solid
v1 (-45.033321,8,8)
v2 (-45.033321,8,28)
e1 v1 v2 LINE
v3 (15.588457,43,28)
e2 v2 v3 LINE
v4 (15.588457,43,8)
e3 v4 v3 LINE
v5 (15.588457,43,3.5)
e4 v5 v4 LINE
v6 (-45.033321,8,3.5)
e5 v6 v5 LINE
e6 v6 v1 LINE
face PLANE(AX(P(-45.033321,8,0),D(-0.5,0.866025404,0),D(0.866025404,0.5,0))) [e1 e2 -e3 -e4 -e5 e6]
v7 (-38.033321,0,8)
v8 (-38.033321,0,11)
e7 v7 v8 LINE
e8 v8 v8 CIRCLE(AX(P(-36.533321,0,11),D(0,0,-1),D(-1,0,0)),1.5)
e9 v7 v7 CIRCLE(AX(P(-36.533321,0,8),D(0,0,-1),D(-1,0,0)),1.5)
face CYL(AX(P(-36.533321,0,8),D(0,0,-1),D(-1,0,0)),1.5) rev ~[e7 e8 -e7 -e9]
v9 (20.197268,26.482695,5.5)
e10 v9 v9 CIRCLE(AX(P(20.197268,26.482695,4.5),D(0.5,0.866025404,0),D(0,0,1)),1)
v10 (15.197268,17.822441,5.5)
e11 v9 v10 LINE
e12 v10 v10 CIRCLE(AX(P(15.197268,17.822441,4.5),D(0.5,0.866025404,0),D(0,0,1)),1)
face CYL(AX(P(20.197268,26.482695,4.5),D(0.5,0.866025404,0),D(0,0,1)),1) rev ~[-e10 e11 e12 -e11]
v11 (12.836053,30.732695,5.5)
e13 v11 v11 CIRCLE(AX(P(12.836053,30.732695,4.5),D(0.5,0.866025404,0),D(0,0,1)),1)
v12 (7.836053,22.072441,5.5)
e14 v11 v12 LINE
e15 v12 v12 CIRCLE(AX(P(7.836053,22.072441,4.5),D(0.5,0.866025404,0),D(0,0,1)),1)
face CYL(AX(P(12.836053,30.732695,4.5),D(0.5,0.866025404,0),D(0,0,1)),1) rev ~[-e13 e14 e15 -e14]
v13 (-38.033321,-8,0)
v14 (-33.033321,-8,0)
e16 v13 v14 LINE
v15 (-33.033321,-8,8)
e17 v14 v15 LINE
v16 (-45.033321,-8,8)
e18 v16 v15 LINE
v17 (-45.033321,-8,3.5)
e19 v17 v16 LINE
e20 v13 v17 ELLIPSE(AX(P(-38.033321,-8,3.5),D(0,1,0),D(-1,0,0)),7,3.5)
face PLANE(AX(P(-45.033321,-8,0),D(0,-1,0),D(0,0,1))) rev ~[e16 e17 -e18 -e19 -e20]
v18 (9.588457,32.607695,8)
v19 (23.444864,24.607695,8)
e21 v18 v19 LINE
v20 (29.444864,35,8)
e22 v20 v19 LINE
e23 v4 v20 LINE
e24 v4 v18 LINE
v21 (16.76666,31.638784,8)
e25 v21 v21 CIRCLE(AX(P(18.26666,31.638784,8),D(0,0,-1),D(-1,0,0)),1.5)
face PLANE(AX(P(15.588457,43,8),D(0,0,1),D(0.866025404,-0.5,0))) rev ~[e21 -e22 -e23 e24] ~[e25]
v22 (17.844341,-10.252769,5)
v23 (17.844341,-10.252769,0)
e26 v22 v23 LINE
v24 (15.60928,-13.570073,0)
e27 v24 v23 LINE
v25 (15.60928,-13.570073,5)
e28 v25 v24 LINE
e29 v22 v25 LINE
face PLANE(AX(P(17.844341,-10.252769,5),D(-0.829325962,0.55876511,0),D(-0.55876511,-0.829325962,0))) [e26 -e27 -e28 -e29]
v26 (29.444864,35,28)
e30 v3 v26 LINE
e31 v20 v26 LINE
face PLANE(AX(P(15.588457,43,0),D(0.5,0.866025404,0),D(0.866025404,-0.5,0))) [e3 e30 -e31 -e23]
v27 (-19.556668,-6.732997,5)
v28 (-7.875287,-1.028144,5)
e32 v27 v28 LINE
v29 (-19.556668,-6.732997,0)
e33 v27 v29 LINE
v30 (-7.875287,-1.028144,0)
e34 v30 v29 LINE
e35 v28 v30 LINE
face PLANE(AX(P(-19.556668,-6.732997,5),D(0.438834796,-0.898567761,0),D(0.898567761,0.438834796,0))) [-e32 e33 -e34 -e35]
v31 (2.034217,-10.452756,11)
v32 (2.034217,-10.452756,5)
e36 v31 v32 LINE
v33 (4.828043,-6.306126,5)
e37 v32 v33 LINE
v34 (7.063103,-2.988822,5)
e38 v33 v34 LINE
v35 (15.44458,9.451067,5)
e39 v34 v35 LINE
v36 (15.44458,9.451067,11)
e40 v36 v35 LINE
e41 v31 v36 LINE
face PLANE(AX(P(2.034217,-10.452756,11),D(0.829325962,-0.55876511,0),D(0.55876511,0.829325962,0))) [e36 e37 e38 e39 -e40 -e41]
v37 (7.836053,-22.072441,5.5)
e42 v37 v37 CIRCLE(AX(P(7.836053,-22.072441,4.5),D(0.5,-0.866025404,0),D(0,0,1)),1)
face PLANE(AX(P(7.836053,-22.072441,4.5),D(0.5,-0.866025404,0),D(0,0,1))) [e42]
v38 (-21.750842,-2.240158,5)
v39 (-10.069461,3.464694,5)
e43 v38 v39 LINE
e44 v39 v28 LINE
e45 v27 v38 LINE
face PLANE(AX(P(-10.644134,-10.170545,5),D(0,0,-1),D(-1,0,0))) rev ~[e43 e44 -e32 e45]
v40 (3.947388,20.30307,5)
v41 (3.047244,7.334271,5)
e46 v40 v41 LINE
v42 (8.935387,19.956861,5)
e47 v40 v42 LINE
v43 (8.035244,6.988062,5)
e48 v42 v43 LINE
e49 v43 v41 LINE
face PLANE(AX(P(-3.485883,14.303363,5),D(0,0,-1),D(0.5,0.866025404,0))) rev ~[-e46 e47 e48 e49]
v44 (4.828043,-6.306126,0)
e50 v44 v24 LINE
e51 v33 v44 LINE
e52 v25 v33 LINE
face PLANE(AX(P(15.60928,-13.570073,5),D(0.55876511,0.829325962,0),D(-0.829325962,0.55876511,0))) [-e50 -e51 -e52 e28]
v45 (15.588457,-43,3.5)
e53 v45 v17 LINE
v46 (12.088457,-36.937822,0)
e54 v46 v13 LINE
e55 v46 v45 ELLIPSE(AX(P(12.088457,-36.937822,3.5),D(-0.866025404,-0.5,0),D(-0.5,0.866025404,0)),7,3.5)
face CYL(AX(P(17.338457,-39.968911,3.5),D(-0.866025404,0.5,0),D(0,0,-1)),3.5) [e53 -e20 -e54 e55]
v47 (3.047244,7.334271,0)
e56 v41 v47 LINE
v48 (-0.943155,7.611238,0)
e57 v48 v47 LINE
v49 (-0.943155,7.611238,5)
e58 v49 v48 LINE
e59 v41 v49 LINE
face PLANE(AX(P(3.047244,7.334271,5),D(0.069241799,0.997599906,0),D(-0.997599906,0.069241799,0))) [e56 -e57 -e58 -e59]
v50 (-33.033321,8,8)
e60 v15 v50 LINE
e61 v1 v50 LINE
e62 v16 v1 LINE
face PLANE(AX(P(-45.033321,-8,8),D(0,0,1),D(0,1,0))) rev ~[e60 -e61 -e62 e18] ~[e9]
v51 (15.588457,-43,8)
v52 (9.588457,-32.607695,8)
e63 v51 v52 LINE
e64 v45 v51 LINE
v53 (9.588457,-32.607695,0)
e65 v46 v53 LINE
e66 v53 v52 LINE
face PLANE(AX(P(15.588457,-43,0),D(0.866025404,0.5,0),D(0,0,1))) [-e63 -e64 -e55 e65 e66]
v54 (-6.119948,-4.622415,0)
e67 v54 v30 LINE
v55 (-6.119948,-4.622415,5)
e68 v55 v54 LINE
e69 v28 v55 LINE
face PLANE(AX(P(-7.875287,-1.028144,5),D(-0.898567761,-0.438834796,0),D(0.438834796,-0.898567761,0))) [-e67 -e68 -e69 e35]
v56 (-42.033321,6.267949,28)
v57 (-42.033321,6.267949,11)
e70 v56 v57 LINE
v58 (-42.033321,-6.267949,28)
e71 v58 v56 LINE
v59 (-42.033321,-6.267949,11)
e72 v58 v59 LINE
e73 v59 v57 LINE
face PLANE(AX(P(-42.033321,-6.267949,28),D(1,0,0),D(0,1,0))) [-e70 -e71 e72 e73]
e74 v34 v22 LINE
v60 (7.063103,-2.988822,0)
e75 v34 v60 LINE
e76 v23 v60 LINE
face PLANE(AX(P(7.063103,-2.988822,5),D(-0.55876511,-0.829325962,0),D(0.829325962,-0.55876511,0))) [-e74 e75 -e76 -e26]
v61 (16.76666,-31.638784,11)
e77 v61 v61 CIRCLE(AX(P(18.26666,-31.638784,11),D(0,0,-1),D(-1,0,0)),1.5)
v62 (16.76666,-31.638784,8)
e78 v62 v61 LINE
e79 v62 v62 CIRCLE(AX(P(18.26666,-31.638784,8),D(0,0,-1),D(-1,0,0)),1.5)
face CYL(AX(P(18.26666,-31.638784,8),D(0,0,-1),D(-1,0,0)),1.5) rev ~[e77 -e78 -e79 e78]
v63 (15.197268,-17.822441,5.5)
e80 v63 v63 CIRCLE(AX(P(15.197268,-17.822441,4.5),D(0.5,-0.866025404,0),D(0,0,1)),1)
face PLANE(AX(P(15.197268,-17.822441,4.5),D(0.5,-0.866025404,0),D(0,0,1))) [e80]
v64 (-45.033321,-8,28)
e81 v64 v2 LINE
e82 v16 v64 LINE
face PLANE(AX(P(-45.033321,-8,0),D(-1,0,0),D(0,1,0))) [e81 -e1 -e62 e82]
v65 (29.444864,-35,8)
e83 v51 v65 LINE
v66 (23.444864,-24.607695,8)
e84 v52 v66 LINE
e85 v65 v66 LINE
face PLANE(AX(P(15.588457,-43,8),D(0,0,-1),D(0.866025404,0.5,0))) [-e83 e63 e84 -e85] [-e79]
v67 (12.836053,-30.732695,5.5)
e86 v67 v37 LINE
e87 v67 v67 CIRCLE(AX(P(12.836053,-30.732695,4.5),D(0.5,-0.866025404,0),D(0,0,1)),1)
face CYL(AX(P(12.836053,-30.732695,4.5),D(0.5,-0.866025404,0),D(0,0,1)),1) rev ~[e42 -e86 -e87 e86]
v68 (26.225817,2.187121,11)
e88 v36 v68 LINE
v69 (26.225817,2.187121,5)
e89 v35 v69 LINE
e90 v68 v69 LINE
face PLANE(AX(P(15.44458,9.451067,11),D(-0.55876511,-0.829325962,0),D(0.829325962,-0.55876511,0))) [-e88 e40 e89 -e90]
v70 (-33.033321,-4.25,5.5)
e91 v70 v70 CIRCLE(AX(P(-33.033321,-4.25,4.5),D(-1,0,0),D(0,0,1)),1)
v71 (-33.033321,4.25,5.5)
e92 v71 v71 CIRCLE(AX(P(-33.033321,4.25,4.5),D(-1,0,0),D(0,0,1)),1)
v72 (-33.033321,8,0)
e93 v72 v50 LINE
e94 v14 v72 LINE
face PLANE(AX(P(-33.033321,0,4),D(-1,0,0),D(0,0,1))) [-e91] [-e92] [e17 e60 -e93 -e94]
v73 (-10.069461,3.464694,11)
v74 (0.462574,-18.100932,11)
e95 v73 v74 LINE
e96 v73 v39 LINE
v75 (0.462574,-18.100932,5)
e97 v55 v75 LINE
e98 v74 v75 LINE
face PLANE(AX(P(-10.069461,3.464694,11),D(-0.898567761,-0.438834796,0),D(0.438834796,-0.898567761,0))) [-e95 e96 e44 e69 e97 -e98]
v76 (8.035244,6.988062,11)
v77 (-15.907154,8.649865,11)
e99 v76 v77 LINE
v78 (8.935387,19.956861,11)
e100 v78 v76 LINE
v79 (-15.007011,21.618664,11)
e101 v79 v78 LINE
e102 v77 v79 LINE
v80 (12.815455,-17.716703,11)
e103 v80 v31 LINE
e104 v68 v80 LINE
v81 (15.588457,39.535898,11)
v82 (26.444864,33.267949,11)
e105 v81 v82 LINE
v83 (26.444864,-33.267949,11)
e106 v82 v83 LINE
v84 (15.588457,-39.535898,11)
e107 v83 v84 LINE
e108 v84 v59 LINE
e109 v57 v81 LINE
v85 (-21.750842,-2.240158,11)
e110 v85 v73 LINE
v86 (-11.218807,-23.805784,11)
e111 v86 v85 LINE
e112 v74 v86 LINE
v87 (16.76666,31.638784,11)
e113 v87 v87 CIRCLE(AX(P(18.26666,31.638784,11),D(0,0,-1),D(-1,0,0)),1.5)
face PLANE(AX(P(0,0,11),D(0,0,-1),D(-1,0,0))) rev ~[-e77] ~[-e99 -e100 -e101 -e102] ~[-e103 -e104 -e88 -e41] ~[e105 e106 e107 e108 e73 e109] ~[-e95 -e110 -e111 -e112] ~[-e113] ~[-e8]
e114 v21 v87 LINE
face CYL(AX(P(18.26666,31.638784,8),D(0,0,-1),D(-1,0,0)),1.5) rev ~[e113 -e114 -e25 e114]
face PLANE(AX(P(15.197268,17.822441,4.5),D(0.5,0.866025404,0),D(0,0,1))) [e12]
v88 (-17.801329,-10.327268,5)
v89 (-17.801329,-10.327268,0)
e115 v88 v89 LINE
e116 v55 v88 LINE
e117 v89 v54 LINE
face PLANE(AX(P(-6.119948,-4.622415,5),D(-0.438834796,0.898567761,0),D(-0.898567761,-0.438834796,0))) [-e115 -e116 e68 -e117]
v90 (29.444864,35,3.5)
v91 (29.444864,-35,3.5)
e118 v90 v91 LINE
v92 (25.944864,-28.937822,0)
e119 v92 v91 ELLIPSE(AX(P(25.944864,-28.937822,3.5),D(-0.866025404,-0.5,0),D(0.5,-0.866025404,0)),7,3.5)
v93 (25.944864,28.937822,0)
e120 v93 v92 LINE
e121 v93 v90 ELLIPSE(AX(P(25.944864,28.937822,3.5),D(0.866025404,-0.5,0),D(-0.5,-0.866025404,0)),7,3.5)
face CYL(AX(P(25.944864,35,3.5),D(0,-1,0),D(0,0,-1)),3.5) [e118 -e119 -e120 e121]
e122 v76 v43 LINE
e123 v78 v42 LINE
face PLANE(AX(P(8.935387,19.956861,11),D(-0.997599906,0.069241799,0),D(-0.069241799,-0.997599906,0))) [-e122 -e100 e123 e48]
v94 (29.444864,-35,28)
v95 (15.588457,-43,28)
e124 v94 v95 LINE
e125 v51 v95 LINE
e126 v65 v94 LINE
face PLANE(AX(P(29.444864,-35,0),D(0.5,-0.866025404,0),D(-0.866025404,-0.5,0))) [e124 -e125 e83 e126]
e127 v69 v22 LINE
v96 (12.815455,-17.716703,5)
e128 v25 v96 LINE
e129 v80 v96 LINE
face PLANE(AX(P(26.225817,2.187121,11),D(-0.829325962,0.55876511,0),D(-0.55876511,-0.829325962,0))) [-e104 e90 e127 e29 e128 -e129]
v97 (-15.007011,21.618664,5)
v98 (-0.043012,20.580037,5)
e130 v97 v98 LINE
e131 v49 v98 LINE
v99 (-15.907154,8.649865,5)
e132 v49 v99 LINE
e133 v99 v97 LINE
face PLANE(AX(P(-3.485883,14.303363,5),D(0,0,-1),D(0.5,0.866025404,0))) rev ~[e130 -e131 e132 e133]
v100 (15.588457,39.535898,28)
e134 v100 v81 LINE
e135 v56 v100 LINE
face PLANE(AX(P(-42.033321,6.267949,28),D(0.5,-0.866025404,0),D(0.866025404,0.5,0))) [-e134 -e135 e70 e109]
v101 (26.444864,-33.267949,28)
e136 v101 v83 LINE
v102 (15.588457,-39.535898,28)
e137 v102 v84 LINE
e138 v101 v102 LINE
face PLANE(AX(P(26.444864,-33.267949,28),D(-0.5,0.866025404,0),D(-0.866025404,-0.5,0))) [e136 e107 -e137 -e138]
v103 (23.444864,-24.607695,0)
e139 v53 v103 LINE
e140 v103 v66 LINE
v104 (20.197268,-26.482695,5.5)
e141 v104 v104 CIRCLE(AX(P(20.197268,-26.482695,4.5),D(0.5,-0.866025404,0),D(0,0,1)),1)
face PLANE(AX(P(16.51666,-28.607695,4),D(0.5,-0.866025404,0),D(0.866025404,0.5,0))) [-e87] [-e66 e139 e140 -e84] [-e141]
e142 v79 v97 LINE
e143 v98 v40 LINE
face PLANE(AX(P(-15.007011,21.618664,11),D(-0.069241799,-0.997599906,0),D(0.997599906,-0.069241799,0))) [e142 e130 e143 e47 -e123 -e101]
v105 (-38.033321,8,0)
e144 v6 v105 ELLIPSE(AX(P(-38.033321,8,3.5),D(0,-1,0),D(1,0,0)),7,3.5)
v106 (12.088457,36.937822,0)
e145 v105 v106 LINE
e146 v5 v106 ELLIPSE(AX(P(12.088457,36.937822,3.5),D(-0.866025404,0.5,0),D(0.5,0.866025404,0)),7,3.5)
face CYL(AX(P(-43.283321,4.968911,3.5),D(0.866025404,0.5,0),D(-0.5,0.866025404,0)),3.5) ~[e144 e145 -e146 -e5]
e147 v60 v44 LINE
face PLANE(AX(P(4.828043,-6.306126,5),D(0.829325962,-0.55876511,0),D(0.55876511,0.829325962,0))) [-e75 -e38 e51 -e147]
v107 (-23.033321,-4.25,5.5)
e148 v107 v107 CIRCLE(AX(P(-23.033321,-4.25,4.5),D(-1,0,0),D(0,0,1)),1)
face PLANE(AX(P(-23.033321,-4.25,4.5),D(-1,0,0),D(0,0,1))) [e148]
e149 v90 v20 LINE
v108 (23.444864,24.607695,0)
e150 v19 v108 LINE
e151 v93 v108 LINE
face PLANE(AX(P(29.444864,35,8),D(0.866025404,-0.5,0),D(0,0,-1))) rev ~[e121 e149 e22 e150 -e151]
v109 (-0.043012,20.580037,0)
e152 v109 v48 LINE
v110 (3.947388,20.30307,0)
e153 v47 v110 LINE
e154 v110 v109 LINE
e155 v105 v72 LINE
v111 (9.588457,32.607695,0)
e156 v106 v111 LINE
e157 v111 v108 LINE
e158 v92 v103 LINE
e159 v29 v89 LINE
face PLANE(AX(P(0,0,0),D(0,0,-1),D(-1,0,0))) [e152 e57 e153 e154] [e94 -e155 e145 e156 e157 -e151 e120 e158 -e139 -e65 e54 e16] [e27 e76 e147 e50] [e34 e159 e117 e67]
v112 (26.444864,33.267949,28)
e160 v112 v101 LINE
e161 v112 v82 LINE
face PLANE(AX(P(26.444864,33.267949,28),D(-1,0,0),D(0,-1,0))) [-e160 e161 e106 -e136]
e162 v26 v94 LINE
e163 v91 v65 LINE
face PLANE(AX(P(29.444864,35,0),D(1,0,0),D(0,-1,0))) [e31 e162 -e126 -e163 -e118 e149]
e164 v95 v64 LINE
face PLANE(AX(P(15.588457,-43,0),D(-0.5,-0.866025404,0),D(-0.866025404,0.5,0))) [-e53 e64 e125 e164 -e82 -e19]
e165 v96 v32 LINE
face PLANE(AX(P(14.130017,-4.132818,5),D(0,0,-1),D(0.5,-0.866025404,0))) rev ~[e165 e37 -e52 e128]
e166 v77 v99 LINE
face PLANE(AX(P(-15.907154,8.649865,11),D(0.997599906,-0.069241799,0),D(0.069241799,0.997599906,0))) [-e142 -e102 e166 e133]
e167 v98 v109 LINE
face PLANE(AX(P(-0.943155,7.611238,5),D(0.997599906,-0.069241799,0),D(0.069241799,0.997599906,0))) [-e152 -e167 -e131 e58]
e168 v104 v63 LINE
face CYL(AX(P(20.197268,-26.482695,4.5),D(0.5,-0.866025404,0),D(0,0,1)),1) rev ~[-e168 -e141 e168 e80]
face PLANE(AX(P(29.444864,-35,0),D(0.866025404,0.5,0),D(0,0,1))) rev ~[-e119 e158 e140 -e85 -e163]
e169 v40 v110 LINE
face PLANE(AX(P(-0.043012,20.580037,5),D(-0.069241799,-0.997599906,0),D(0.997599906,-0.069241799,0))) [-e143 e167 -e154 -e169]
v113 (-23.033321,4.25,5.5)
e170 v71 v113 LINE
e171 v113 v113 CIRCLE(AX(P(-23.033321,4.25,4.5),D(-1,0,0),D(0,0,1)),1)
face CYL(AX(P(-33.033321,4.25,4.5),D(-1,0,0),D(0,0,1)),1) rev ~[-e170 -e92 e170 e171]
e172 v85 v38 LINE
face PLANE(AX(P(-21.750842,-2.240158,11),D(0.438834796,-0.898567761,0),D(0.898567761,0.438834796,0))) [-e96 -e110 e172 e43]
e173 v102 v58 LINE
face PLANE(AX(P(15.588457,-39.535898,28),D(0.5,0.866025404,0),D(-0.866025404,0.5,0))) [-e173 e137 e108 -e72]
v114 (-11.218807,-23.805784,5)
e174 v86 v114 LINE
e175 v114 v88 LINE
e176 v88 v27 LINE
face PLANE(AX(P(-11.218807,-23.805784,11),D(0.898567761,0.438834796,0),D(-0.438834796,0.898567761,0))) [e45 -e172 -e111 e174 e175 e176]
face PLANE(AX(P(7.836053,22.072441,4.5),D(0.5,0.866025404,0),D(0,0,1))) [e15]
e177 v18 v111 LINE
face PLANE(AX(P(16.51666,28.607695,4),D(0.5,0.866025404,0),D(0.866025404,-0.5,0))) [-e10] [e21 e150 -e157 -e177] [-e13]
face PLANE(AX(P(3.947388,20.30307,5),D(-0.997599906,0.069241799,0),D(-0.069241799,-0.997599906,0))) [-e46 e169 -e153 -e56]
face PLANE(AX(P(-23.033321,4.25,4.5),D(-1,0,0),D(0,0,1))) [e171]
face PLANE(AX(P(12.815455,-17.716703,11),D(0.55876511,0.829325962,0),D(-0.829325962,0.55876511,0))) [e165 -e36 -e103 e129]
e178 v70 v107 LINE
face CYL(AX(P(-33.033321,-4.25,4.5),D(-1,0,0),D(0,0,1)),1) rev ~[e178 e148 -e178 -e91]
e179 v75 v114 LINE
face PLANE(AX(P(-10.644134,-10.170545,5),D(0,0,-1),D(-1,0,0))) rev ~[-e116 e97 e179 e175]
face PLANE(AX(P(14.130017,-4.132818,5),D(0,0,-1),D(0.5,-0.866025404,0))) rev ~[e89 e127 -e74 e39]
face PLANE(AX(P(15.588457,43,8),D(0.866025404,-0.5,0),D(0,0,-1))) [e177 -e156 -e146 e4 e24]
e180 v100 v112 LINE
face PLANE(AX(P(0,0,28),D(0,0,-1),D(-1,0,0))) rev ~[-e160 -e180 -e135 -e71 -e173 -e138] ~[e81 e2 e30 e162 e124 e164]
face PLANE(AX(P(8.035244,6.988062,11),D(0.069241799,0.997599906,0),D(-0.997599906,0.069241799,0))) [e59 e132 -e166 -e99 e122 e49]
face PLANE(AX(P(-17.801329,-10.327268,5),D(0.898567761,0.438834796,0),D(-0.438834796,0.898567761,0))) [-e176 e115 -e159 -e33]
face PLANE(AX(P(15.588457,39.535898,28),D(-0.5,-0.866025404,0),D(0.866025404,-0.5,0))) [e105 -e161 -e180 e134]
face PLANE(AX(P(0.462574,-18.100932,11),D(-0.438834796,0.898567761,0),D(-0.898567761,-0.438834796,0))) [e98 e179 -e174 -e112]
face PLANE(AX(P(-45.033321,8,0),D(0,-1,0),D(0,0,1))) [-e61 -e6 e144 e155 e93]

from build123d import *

# Parameters (mm, degrees)
BOSS_EXTRUDE1_DEPTH = 28
SKETCH3_W           = 16
SKETCH3_H           = 8
CUT_EXTRUDE1_DEPTH  = 12
SKETCH4_W           = 8
SKETCH4_H           = 16
CUT_EXTRUDE2_DEPTH  = 12
SKETCH5_W           = 16
SKETCH5_H           = 8
CUT_EXTRUDE3_DEPTH  = 12
SKETCH6_R           = 1.5
CUT_EXTRUDE4_DEPTH  = 66.398776747
CUT_EXTRUDE5_DEPTH  = 17
CUT_EXTRUDE6_DEPTH  = 6
CUT_EXTRUDE7_DEPTH  = 67.377707101
CIRPATTERN1_COUNT   = 3
SKETCH11_R          = 1
CUT_EXTRUDE8_DEPTH  = 10
CIRPATTERN2_COUNT   = 3
FILLET1_R           = 3.5


with BuildPart() as part:
    # Sketch1 → Boss-Extrude1 (new body)
    with BuildSketch(Plane.XY):
        Polygon((-45.033320997, -8), (-45.033320997, 8), (15.588457268, 43), (29.444863729, 35), (29.444863729, -35), (15.588457268, -43), align=None)
    extrude(amount=BOSS_EXTRUDE1_DEPTH)

    # Sketch3 → Cut-Extrude1 (cut)
    with BuildSketch(Plane(origin=(22.516660498, 39, 0), x_dir=(0.8660254037844403, -0.49999999999999717, 0), z_dir=(0.49999999999999717, 0.8660254037844403, 0))):
        with Locations((0, -4)):
            Rectangle(SKETCH3_W, SKETCH3_H)
    extrude(amount=-CUT_EXTRUDE1_DEPTH, mode=Mode.SUBTRACT)

    # Sketch4 → Cut-Extrude2 (cut)
    with BuildSketch(Plane.ZY.offset(45.033320997)):
        with Locations((4, 0)):
            Rectangle(SKETCH4_W, SKETCH4_H)
    extrude(amount=-CUT_EXTRUDE2_DEPTH, mode=Mode.SUBTRACT)

    # Sketch5 → Cut-Extrude3 (cut)
    with BuildSketch(Plane(origin=(22.516660498, -39, 0), x_dir=(0.8660254037844353, 0.5000000000000059, 0), z_dir=(0.5000000000000059, -0.8660254037844353, 0))):
        with Locations((0, 4)):
            Rectangle(SKETCH5_W, SKETCH5_H)
    extrude(amount=-CUT_EXTRUDE3_DEPTH, mode=Mode.SUBTRACT)

    # Sketch6 → Cut-Extrude4 (cut, through all)
    with BuildSketch(Plane(origin=(0, 0, 8), x_dir=(-1, 0, 0), z_dir=(0, 0, -1))):
        with Locations((-18.266660498, -31.638784068)):
            Circle(SKETCH6_R)
        with Locations((-18.266660498, 31.638784068)):
            Circle(SKETCH6_R)
        with Locations((36.533320997, 0)):
            Circle(SKETCH6_R)
    extrude(amount=-CUT_EXTRUDE4_DEPTH, mode=Mode.SUBTRACT)

    # Sketch7 → Cut-Extrude5 (cut)
    with BuildSketch(Plane.XY.offset(28)):
        Polygon((-42.033320997, -6.267949192), (-42.033320997, 6.267949192), (15.588457268, 39.535898385), (26.444863729, 33.267949192), (26.444863729, -33.267949192), (15.588457268, -39.535898385), align=None)
    extrude(amount=-CUT_EXTRUDE5_DEPTH, mode=Mode.SUBTRACT)

    # Sketch8 → Cut-Extrude6 (cut)
    with BuildSketch(Plane.XY.offset(11)):
        Polygon((-11.21880666, -23.805784253), (-21.750841765, -2.24015798), (-10.069460868, 3.464694369), (0.462574238, -18.100931904), align=None)
    cut_extrude6 = extrude(amount=-CUT_EXTRUDE6_DEPTH, mode=Mode.SUBTRACT)

    # Sketch9 → Cut-Extrude7 (cut, through all)
    with BuildSketch(Plane.XY.offset(5)):
        Polygon((-19.556667785, -6.732996787), (-7.875286887, -1.028144438), (-6.119947703, -4.622415484), (-17.801328601, -10.327267832), align=None)
    cut_extrude7 = extrude(amount=-CUT_EXTRUDE7_DEPTH, mode=Mode.SUBTRACT)

    # CirPattern1: Cut-Extrude6, Cut-Extrude7 ×3 about axis
    cirpattern1_axis = Axis((0, 0, 0), (0, 0, 1))
    add([cut_extrude6.rotate(cirpattern1_axis, i * 360 / CIRPATTERN1_COUNT) for i in range(1, CIRPATTERN1_COUNT)], mode=Mode.SUBTRACT)
    add([cut_extrude7.rotate(cirpattern1_axis, i * 360 / CIRPATTERN1_COUNT) for i in range(1, CIRPATTERN1_COUNT)], mode=Mode.SUBTRACT)

    # Sketch11 → Cut-Extrude8 (cut)
    with BuildSketch(Plane.ZY.offset(33.033320997)):
        with Locations((4.5, 4.25)):
            Circle(SKETCH11_R)
        with Locations((4.5, -4.25)):
            Circle(SKETCH11_R)
    cut_extrude8 = extrude(amount=-CUT_EXTRUDE8_DEPTH, mode=Mode.SUBTRACT)

    # CirPattern2: Cut-Extrude8 ×3 about axis
    cirpattern2_axis = Axis((0, 0, 0), (0, 0, 1))
    for i in range(1, CIRPATTERN2_COUNT):
        add(cut_extrude8.rotate(cirpattern2_axis, i * 360 / CIRPATTERN2_COUNT), mode=Mode.SUBTRACT)

    # Fillet1
    fillet1_edges = [part.edges().sort_by_distance(p)[0] for p in [
        (-14.722431864, -25.5, 0),
        (-14.722431864, 25.5, 0),
        (29.444863729, 0, 0),
    ]]
    fillet(fillet1_edges, radius=FILLET1_R)


solid = part.part
